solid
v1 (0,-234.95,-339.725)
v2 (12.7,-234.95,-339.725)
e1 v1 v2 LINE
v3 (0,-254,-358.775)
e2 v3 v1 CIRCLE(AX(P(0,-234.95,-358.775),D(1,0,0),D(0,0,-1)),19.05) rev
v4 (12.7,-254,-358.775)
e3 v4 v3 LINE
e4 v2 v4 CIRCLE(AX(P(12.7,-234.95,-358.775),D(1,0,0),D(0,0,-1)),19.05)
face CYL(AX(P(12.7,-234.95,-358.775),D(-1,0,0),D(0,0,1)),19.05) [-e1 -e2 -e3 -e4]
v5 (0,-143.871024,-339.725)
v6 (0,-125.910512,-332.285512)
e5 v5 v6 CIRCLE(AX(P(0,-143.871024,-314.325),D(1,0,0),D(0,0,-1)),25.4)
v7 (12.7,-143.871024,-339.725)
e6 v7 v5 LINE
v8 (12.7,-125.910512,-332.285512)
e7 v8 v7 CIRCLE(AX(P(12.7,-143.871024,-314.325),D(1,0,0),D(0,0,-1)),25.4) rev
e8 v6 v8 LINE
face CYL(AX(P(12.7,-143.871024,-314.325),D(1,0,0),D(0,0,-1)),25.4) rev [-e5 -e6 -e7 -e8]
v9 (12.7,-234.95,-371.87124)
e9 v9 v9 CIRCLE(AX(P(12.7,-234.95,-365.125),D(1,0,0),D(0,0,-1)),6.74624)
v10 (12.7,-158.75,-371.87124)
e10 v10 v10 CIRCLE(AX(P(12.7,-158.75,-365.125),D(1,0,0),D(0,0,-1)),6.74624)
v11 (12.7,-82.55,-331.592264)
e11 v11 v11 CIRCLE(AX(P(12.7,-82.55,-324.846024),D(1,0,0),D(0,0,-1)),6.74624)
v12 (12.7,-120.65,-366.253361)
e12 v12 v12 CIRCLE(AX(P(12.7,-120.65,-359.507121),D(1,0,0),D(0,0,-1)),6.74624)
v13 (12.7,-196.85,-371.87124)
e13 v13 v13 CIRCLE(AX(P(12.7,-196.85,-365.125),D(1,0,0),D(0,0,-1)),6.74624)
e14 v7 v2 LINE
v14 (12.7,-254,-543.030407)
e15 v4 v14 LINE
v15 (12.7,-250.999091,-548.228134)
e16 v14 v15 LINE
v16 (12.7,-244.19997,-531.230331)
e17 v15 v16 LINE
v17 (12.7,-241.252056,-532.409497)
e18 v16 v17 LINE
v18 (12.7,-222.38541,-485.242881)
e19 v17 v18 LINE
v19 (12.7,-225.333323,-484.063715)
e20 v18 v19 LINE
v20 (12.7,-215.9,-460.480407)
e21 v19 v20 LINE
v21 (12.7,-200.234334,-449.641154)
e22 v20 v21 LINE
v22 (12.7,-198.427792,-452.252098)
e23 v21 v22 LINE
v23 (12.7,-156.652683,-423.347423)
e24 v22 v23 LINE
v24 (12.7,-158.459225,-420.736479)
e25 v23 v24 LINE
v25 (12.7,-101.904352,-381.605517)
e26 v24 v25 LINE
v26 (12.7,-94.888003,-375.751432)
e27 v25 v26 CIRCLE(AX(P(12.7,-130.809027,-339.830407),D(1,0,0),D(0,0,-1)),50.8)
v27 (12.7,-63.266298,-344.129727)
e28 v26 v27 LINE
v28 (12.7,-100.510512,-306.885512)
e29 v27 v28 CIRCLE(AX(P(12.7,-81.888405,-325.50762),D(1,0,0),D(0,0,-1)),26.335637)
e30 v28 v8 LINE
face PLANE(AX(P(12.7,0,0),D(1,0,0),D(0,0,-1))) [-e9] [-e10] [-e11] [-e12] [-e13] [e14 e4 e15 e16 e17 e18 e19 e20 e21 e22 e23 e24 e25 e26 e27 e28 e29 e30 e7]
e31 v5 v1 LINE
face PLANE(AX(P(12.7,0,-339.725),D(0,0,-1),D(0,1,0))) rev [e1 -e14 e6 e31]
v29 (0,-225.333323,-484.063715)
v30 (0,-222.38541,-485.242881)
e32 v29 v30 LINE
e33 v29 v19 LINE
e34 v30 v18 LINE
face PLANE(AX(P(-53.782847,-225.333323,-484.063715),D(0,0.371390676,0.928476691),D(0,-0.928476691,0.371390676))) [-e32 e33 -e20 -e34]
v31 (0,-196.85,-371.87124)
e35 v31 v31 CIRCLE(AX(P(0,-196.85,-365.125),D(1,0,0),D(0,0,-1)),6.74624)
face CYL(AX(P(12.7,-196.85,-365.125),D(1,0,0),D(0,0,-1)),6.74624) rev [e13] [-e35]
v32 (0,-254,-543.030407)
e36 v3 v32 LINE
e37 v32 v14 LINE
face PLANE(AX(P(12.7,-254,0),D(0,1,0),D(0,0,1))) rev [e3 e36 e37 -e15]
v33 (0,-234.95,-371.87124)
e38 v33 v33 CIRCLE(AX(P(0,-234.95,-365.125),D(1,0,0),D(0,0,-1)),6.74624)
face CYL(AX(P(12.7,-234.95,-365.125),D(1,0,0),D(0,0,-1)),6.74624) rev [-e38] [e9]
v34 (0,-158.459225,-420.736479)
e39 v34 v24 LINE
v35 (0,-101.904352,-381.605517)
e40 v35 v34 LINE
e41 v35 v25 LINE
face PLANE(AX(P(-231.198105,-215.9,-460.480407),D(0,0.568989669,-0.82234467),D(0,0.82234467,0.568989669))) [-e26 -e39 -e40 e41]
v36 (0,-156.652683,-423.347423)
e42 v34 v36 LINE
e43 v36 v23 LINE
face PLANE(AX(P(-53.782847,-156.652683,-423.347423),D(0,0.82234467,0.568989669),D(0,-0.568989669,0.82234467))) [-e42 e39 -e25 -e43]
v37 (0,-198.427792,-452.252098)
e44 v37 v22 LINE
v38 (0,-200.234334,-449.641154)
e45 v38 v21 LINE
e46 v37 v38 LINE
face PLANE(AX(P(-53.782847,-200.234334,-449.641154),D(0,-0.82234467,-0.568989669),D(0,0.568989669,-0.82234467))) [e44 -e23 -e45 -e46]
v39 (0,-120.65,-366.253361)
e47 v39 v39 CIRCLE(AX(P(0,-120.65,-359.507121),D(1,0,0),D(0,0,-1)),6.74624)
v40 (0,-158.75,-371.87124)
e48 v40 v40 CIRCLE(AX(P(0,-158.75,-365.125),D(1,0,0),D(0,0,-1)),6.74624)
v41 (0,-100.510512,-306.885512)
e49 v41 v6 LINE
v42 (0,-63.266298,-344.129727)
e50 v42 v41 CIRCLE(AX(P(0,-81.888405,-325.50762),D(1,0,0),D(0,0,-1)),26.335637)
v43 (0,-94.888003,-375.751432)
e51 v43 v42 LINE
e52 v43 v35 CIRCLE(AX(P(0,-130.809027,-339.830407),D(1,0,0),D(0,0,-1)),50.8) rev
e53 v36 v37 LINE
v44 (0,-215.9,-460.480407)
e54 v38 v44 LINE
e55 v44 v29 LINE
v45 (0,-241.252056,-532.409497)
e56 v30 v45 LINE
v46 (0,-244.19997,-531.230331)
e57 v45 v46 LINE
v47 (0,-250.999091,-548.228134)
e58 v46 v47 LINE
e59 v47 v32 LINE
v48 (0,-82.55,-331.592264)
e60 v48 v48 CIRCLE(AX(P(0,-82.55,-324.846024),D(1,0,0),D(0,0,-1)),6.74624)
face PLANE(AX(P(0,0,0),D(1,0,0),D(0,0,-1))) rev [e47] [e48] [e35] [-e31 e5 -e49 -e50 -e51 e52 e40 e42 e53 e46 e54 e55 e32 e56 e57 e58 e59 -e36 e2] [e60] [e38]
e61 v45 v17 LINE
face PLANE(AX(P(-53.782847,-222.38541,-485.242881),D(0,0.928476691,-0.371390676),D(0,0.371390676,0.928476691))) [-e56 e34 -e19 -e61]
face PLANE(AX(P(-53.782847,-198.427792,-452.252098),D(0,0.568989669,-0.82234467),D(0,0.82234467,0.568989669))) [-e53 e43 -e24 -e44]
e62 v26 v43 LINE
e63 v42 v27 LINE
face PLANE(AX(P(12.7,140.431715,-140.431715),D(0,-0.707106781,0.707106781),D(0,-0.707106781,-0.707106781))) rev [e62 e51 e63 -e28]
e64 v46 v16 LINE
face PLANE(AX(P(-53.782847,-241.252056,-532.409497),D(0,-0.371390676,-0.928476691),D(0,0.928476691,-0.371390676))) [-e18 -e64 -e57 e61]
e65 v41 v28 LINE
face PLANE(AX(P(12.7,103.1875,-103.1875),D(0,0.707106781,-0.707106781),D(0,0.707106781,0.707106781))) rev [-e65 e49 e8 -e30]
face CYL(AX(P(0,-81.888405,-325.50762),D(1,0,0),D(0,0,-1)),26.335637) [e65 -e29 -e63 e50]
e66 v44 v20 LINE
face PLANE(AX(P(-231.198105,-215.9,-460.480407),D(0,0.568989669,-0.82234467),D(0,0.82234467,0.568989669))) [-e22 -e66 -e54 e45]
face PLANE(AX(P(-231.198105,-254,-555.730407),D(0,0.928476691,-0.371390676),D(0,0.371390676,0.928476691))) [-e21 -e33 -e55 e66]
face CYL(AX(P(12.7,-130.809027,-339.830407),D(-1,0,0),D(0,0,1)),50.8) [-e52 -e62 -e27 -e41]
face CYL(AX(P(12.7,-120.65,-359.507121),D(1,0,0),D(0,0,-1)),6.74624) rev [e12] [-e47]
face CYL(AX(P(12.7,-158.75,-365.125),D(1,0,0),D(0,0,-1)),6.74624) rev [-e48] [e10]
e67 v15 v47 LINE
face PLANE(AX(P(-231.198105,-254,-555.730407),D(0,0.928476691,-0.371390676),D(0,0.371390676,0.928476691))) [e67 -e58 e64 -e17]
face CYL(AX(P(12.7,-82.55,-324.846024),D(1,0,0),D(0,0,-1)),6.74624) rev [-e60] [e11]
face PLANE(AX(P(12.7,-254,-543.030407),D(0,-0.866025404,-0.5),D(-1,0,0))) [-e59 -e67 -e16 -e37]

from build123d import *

# Parameters (mm, degrees)
SKETCH1_R                   = 19.05
BOSS_EXTRUDE1_DEPTH         = 12.7
FILLET1_R                   = 25.4
FILLET2_R                   = 50.8
F_1_2_CLEARANCE_HOLE1_D     = 13.49248
F_1_2_CLEARANCE_HOLE1_DEPTH = 38.1
F_1_2_CLEARANCE_HOLE1_TIP   = 4.053549943
SKETCH4_R                   = 19.05
CUT_EXTRUDE1_DEPTH          = 13.7
BOSS_EXTRUDE2_DEPTH         = 12.7
BOSS_EXTRUDE3_DEPTH         = 12.7
FILLET3_R                   = 19.05
CHAMFER1_SIZE               = 12.7
CHAMFER1_SIZE2              = 8.080195177


with BuildPart() as part:
    # Sketch1 → Boss-Extrude1 (new body)
    with BuildSketch(Plane(origin=(0, 0, 0), x_dir=(0, 0, -1), z_dir=(1, 0, 0))):
        with BuildLine():
            Line((390.630407277, -109.766978243), (305.29908743, -24.435658396))
            Line((305.29908743, -24.435658396), (12.395871839, 49.264412727))
            ThreePointArc((12.395871839, 49.264412727), (-49.470959365, 11.544010545), (-10.688712274, -49.662777107))
            Line((-10.688712274, -49.662777107), (281.610658396, -75.235658396))
            Line((281.610658396, -75.235658396), (339.725, -133.35))
            Line((339.725, -133.35), (339.725, -254))
            Line((339.725, -254), (390.630407277, -254))
            Line((390.630407277, -254), (390.630407277, -109.766978243))
        make_face()
        Circle(SKETCH1_R, mode=Mode.SUBTRACT)
    extrude(amount=BOSS_EXTRUDE1_DEPTH)

    # Fillet1
    fillet1_edges = [part.edges().sort_by_distance(p)[0] for p in [
        (6.35, -133.35, -339.725),
        (6.35, -75.235658396, -281.610658396),
    ]]
    fillet(fillet1_edges, radius=FILLET1_R)

    # Fillet2
    fillet2_edges = [part.edges().sort_by_distance(p)[0] for p in [
        (6.35, -24.435658396, -305.29908743),
        (6.35, -109.766978243, -390.630407277),
    ]]
    fillet(fillet2_edges, radius=FILLET2_R)

    # 1/2 Clearance Hole1
    with Locations(Plane(origin=(12.7, 0, 0), x_dir=(0, 0, -1), z_dir=(1, 0, 0))):
        with Locations((365.125, -234.95), (365.125, -196.85), (365.125, -158.75), (359.5071206, -120.65), (324.846024484, -82.55)):
            Hole(F_1_2_CLEARANCE_HOLE1_D / 2, depth=F_1_2_CLEARANCE_HOLE1_DEPTH)
            with Locations((0, 0, -(F_1_2_CLEARANCE_HOLE1_DEPTH + F_1_2_CLEARANCE_HOLE1_TIP / 2))):  # 118° drill point
                Cone(0, F_1_2_CLEARANCE_HOLE1_D / 2, F_1_2_CLEARANCE_HOLE1_TIP, mode=Mode.SUBTRACT)

    # Sketch4 → Cut-Extrude1 (cut, through all)
    with BuildSketch(Plane(origin=(12.7, 0, 0), x_dir=(0, 0, -1), z_dir=(1, 0, 0))):
        with BuildLine():
            Line((288.147750244, -81.772750244), (306.885512242, -100.510512242))
            ThreePointArc((306.885512242, -100.510512242), (306.885512242, -63.266297725), (344.129726759, -63.266297725))
            Line((344.129726759, -63.266297725), (315.219181895, -34.355752861))
            ThreePointArc((315.219181895, -34.355752861), (304.360921026, -26.089699144), (291.69402925, -21.012364618))
            Line((291.69402925, -21.012364618), (12.395871839, 49.264412727))
            ThreePointArc((12.395871839, 49.264412727), (-49.470959365, 11.544010545), (-10.688712274, -49.662777107))
            Line((-10.688712274, -49.662777107), (272.400993868, -74.429917155))
            ThreePointArc((272.400993868, -74.429917155), (280.92174185, -76.713044696), (288.147750244, -81.772750244))
        make_face()
        Circle(SKETCH4_R, mode=Mode.SUBTRACT)
    extrude(amount=-CUT_EXTRUDE1_DEPTH, mode=Mode.SUBTRACT)

    # Sketch5 → Boss-Extrude2 (add)
    with BuildSketch(Plane(origin=(12.7, 0, 0), x_dir=(0, 0, -1), z_dir=(1, 0, 0))):
        with BuildLine():
            Line((390.630407277, -254), (555.730407277, -254))
            Line((555.730407277, -254), (460.480407277, -215.9))
            Line((460.480407277, -215.9), (381.605516519, -101.904352022))
            ThreePointArc((381.605516519, -101.904352022), (388.321723765, -115.668610267), (390.630407277, -130.809027211))
            Line((390.630407277, -130.809027211), (390.630407277, -254))
        make_face()
    extrude(amount=-BOSS_EXTRUDE2_DEPTH)

    # Sketch6 → Boss-Extrude3 (add)
    with BuildSketch(Plane(origin=(12.7, 0, 0), x_dir=(0, 0, -1), z_dir=(1, 0, 0))):
        Polygon((449.641154081, -200.234334034), (452.252098409, -198.427791835), (423.347423219, -156.652682593), (420.736478891, -158.459224792), align=None)
        Polygon((484.063715226, -225.333323179), (485.242880623, -222.385409686), (532.40949652, -241.252056045), (531.230331123, -244.199969538), align=None)
    extrude(amount=-BOSS_EXTRUDE3_DEPTH)

    # Fillet3
    fillet3_edges = [part.edges().sort_by_distance(p)[0] for p in [
        (6.35, -254, -339.725),
    ]]
    fillet(fillet3_edges, radius=FILLET3_R)

    # Chamfer1
    chamfer1_edges = [part.edges().sort_by_distance(p)[0] for p in [
        (6.35, -254, -555.730407277),
    ]]
    chamfer1_side = [part.faces().sort_by_distance(p)[0] for p in [
        (6.35, -254, -457.252703639),
    ]]
    chamfer(chamfer1_edges, length=CHAMFER1_SIZE, length2=CHAMFER1_SIZE2, reference=chamfer1_side[0])


solid = part.part
